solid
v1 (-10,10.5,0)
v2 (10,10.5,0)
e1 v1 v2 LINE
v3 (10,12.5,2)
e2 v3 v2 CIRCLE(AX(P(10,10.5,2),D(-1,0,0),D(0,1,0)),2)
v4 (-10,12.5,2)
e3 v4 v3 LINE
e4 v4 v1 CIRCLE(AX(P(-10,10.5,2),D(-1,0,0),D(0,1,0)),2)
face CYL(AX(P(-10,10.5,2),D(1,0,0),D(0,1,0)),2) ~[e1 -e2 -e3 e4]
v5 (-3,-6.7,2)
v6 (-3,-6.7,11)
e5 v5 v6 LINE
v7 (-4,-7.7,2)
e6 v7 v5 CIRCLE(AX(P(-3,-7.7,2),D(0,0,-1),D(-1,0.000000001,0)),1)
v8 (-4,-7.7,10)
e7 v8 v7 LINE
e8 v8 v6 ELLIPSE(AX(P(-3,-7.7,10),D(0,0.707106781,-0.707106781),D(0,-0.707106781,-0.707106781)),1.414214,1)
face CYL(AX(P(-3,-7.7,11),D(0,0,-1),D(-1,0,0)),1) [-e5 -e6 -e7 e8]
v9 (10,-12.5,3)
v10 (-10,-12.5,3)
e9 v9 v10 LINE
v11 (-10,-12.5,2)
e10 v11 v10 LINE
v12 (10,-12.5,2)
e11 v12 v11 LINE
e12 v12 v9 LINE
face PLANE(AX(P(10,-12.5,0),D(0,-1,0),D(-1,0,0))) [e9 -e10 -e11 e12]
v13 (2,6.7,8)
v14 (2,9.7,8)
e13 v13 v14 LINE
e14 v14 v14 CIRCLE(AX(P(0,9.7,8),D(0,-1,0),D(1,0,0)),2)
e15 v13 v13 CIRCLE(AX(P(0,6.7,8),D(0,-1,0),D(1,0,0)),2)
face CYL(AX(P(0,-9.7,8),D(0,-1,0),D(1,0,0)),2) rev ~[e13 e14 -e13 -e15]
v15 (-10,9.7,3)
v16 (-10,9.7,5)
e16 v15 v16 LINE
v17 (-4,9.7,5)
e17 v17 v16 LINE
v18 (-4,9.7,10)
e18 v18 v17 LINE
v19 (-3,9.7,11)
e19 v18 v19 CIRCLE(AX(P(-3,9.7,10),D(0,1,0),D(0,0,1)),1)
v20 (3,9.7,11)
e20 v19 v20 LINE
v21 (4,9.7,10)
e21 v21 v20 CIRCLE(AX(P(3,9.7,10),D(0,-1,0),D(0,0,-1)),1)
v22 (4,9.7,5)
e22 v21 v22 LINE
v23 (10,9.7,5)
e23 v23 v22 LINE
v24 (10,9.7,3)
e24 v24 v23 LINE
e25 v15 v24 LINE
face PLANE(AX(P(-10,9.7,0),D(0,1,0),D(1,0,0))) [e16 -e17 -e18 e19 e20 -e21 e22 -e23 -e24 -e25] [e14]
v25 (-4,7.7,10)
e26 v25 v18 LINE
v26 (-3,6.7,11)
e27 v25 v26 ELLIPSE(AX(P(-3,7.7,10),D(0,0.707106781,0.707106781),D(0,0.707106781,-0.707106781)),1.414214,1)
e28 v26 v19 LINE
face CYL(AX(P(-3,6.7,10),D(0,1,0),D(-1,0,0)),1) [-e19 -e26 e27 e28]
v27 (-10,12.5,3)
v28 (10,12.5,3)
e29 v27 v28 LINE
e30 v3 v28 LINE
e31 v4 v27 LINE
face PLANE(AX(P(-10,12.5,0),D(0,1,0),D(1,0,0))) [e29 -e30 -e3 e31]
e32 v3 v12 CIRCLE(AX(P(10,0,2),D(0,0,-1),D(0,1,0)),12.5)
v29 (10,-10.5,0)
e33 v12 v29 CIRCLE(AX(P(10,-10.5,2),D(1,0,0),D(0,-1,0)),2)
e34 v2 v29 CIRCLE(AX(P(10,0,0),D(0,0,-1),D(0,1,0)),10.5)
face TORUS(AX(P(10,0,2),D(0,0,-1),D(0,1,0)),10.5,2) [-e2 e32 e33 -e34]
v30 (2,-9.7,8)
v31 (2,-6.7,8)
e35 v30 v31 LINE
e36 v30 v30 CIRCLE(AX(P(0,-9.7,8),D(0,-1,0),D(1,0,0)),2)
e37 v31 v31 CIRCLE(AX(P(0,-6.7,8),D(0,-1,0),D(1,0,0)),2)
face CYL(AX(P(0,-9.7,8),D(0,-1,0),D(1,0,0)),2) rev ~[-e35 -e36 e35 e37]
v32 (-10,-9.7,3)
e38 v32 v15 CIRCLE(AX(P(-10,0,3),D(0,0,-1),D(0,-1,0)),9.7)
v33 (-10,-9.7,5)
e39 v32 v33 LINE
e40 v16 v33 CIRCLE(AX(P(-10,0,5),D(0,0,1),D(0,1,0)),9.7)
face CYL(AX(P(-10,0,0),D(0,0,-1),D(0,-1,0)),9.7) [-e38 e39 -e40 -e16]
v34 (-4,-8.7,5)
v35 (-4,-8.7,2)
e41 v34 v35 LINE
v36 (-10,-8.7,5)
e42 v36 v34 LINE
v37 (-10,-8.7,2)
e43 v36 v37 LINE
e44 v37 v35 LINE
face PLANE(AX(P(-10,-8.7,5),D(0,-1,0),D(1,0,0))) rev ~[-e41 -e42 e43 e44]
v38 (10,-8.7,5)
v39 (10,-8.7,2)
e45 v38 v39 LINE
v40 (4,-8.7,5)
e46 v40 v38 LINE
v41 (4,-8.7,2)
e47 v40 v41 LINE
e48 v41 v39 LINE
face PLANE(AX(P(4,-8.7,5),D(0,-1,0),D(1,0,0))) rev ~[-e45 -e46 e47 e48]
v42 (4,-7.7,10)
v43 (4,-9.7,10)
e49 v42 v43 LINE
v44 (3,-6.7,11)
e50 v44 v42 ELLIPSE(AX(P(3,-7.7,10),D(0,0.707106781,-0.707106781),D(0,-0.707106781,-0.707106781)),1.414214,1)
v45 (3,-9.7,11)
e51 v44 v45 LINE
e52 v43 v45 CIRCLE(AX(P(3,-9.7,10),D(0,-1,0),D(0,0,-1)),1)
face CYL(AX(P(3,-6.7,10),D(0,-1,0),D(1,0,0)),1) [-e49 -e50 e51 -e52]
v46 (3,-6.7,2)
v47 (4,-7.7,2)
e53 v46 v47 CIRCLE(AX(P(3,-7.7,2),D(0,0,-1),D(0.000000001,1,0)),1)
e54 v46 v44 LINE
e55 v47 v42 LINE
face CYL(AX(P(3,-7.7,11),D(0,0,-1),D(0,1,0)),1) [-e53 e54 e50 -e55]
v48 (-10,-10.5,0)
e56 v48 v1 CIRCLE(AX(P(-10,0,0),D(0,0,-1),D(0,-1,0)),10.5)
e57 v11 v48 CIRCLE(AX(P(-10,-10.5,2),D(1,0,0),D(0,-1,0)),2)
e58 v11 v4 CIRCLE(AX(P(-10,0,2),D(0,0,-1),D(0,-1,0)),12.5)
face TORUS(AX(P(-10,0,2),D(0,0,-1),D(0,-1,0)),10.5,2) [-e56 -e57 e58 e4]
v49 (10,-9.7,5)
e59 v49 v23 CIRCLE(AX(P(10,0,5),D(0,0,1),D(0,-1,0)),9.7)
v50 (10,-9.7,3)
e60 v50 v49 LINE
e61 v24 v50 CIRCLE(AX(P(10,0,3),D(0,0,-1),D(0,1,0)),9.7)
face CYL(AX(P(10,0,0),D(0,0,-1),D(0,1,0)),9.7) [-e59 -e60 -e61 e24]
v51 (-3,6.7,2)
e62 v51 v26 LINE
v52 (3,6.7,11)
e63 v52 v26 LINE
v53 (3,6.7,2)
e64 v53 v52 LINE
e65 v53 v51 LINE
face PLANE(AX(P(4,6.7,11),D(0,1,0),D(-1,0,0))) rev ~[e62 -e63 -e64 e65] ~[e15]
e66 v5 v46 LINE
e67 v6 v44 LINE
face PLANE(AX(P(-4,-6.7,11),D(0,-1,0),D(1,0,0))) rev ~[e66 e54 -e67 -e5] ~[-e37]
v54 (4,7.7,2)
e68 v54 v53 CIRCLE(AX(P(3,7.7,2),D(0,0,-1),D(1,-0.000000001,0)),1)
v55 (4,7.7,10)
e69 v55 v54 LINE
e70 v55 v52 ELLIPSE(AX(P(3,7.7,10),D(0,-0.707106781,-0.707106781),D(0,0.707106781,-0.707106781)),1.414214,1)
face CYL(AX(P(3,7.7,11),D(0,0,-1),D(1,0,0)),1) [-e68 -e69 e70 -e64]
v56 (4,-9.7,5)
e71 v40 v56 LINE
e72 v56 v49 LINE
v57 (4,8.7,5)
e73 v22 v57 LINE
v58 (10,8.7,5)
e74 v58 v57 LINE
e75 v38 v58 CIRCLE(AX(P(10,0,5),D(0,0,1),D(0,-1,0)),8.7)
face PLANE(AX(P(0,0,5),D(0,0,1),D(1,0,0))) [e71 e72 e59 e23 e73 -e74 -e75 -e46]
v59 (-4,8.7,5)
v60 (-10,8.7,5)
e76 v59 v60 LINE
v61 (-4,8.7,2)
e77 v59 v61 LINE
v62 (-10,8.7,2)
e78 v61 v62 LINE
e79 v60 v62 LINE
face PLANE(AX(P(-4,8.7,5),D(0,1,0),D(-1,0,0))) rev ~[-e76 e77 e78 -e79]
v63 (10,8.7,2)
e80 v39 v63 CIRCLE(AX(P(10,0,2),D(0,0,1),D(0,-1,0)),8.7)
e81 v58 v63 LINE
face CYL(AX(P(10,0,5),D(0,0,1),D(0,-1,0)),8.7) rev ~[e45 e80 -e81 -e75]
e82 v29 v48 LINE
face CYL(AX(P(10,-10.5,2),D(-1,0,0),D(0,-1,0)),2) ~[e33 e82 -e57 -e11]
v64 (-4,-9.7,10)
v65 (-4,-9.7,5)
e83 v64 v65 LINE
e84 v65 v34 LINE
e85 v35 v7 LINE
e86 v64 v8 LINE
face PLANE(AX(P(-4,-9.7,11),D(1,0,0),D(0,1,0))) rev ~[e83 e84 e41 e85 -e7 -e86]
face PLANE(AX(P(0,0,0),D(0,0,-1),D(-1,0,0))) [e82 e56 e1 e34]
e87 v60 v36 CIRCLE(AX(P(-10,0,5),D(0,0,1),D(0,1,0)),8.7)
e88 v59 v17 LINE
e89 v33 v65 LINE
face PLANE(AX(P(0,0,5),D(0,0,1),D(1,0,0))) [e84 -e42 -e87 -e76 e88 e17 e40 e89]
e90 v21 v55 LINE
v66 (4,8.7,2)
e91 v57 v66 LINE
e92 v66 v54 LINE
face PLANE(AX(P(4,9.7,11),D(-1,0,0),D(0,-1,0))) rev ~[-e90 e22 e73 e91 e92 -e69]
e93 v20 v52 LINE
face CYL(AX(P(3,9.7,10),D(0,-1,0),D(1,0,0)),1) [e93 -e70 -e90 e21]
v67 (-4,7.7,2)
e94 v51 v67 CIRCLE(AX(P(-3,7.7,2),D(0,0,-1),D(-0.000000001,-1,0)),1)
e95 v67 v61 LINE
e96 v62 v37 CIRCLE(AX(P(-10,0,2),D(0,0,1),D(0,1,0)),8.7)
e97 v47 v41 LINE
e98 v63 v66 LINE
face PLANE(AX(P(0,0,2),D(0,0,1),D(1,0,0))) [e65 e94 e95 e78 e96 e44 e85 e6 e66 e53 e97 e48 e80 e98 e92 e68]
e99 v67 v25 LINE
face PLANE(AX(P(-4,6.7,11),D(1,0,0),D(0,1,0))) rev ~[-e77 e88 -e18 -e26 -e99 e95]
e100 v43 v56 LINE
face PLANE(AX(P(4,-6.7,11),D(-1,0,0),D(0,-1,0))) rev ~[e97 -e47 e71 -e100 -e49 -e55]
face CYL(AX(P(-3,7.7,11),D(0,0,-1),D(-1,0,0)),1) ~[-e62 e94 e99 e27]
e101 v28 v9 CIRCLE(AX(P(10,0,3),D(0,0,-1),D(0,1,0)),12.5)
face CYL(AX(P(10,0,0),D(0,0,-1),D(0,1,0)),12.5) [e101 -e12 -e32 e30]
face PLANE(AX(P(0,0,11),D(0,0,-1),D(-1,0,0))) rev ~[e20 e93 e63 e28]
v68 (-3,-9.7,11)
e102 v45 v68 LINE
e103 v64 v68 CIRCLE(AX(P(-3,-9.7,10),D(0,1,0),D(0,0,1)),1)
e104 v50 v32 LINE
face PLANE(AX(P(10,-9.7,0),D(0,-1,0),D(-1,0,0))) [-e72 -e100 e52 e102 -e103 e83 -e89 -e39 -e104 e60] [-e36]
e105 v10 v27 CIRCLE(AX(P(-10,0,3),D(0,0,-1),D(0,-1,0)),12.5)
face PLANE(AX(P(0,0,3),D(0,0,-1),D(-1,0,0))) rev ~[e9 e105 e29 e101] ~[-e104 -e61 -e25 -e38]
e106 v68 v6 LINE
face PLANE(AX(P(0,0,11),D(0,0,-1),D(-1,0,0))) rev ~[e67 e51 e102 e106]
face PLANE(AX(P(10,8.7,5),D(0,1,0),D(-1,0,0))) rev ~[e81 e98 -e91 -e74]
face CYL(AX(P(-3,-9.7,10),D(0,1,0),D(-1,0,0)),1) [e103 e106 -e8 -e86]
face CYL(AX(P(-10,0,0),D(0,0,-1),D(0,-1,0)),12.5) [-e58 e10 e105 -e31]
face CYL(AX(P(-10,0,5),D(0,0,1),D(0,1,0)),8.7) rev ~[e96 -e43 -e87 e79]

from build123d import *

# Parameters (mm, degrees)
RESSALTO_EXTRUS_O1_DEPTH = 3
RESSALTO_EXTRUS_O2_DEPTH = 11
CORTE_EXTRUS_O1_DEPTH    = 6
ESBO_O3_R                = 2
CORTE_EXTRUS_O2_DEPTH    = 23.2
FILETE1_R                = 1
FILETE2_R                = 2
CORTE_EXTRUS_O3_DEPTH    = 3


with BuildPart() as part:
    # Esboço1 → Ressalto-extrusão1 (new body)
    with BuildSketch(Plane.XY):
        with BuildLine():
            Line((-10, 12.5), (10, 12.5))
            ThreePointArc((10, 12.5), (22.5, 0), (10, -12.5))
            Line((10, -12.5), (-10, -12.5))
            ThreePointArc((-10, -12.5), (-22.5, 0), (-10, 12.5))
        make_face()
        with BuildLine():
            Line((-10, 9.7), (10, 9.7))
            ThreePointArc((10, 9.7), (19.7, 0), (10, -9.7))
            Line((10, -9.7), (-10, -9.7))
            ThreePointArc((-10, -9.7), (-19.7, 0), (-10, 9.7))
        make_face(mode=Mode.SUBTRACT)
    extrude(amount=RESSALTO_EXTRUS_O1_DEPTH)

    # Esboço1<2> → Ressalto-extrusão2 (add)
    with BuildSketch(Plane.XY):
        with BuildLine():
            Line((-10, 9.7), (10, 9.7))
            ThreePointArc((10, 9.7), (19.7, 0), (10, -9.7))
            Line((10, -9.7), (-10, -9.7))
            ThreePointArc((-10, -9.7), (-19.7, 0), (-10, 9.7))
        make_face()
    extrude(amount=RESSALTO_EXTRUS_O2_DEPTH)

    # Esboço2 → Corte-extrusão1 (cut)
    with BuildSketch(Plane.XY.offset(11)):
        with BuildLine():
            Line((-10, -9.7), (-4, -9.7))
            Line((-4, -9.7), (-4, -6.7))
            Line((-4, -6.7), (4, -6.7))
            Line((4, -6.7), (4, -9.7))
            Line((4, -9.7), (10, -9.7))
            ThreePointArc((10, -9.7), (19.7, 0), (10, 9.7))
            Line((10, 9.7), (4, 9.7))
            Line((4, 9.7), (4, 6.7))
            Line((4, 6.7), (-4, 6.7))
            Line((-4, 6.7), (-4, 9.7))
            Line((-4, 9.7), (-10, 9.7))
            ThreePointArc((-10, 9.7), (-19.7, 0), (-10, -9.7))
        make_face()
    extrude(amount=-CORTE_EXTRUS_O1_DEPTH, mode=Mode.SUBTRACT)

    # Esboço3 → Corte-extrusão2 (cut, through all)
    with BuildSketch(Plane.XZ.offset(9.7)):
        with Locations((0, 8)):
            Circle(ESBO_O3_R)
    extrude(amount=-CORTE_EXTRUS_O2_DEPTH, mode=Mode.SUBTRACT)

    # Filete1
    filete1_edges = [part.edges().sort_by_distance(p)[0] for p in [
        (-4, 6.7, 8),
        (4, 6.7, 8),
        (4, -6.7, 8),
        (-4, -6.7, 8),
        (-4, -8.2, 11),
        (4, -8.2, 11),
        (4, 8.2, 11),
        (-4, 8.2, 11),
    ]]
    fillet(filete1_edges, radius=FILETE1_R)

    # Filete2
    filete2_edges = [part.edges().sort_by_distance(p)[0] for p in [
        (0, 12.5, 0),
        (22.5, 0, 0),
        (0, -12.5, 0),
        (-22.5, 0, 0),
    ]]
    fillet(filete2_edges, radius=FILETE2_R)

    # Esboço4 → Corte-extrusão3 (cut)
    with BuildSketch(Plane.XY.offset(5)):
        with BuildLine():
            Line((-10, -8.7), (-4, -8.7))
            Line((-4, -8.7), (-4, -7.7))
            ThreePointArc((-4, -7.7), (-3.707106781, -6.992893219), (-3, -6.7))
            Line((-3, -6.7), (3, -6.7))
            ThreePointArc((3, -6.7), (3.707106781, -6.992893219), (4, -7.7))
            Line((4, -7.7), (4, -8.7))
            Line((4, -8.7), (10, -8.7))
            ThreePointArc((10, -8.7), (18.7, 0), (10, 8.7))
            Line((10, 8.7), (4, 8.7))
            Line((4, 8.7), (4, 7.7))
            ThreePointArc((4, 7.7), (3.707106781, 6.992893219), (3, 6.7))
            Line((3, 6.7), (-3, 6.7))
            ThreePointArc((-3, 6.7), (-3.707106781, 6.992893219), (-4, 7.7))
            Line((-4, 7.7), (-4, 8.7))
            Line((-4, 8.7), (-10, 8.7))
            ThreePointArc((-10, 8.7), (-18.7, 0), (-10, -8.7))
        make_face()
    extrude(amount=-CORTE_EXTRUS_O3_DEPTH, mode=Mode.SUBTRACT)


solid = part.part
